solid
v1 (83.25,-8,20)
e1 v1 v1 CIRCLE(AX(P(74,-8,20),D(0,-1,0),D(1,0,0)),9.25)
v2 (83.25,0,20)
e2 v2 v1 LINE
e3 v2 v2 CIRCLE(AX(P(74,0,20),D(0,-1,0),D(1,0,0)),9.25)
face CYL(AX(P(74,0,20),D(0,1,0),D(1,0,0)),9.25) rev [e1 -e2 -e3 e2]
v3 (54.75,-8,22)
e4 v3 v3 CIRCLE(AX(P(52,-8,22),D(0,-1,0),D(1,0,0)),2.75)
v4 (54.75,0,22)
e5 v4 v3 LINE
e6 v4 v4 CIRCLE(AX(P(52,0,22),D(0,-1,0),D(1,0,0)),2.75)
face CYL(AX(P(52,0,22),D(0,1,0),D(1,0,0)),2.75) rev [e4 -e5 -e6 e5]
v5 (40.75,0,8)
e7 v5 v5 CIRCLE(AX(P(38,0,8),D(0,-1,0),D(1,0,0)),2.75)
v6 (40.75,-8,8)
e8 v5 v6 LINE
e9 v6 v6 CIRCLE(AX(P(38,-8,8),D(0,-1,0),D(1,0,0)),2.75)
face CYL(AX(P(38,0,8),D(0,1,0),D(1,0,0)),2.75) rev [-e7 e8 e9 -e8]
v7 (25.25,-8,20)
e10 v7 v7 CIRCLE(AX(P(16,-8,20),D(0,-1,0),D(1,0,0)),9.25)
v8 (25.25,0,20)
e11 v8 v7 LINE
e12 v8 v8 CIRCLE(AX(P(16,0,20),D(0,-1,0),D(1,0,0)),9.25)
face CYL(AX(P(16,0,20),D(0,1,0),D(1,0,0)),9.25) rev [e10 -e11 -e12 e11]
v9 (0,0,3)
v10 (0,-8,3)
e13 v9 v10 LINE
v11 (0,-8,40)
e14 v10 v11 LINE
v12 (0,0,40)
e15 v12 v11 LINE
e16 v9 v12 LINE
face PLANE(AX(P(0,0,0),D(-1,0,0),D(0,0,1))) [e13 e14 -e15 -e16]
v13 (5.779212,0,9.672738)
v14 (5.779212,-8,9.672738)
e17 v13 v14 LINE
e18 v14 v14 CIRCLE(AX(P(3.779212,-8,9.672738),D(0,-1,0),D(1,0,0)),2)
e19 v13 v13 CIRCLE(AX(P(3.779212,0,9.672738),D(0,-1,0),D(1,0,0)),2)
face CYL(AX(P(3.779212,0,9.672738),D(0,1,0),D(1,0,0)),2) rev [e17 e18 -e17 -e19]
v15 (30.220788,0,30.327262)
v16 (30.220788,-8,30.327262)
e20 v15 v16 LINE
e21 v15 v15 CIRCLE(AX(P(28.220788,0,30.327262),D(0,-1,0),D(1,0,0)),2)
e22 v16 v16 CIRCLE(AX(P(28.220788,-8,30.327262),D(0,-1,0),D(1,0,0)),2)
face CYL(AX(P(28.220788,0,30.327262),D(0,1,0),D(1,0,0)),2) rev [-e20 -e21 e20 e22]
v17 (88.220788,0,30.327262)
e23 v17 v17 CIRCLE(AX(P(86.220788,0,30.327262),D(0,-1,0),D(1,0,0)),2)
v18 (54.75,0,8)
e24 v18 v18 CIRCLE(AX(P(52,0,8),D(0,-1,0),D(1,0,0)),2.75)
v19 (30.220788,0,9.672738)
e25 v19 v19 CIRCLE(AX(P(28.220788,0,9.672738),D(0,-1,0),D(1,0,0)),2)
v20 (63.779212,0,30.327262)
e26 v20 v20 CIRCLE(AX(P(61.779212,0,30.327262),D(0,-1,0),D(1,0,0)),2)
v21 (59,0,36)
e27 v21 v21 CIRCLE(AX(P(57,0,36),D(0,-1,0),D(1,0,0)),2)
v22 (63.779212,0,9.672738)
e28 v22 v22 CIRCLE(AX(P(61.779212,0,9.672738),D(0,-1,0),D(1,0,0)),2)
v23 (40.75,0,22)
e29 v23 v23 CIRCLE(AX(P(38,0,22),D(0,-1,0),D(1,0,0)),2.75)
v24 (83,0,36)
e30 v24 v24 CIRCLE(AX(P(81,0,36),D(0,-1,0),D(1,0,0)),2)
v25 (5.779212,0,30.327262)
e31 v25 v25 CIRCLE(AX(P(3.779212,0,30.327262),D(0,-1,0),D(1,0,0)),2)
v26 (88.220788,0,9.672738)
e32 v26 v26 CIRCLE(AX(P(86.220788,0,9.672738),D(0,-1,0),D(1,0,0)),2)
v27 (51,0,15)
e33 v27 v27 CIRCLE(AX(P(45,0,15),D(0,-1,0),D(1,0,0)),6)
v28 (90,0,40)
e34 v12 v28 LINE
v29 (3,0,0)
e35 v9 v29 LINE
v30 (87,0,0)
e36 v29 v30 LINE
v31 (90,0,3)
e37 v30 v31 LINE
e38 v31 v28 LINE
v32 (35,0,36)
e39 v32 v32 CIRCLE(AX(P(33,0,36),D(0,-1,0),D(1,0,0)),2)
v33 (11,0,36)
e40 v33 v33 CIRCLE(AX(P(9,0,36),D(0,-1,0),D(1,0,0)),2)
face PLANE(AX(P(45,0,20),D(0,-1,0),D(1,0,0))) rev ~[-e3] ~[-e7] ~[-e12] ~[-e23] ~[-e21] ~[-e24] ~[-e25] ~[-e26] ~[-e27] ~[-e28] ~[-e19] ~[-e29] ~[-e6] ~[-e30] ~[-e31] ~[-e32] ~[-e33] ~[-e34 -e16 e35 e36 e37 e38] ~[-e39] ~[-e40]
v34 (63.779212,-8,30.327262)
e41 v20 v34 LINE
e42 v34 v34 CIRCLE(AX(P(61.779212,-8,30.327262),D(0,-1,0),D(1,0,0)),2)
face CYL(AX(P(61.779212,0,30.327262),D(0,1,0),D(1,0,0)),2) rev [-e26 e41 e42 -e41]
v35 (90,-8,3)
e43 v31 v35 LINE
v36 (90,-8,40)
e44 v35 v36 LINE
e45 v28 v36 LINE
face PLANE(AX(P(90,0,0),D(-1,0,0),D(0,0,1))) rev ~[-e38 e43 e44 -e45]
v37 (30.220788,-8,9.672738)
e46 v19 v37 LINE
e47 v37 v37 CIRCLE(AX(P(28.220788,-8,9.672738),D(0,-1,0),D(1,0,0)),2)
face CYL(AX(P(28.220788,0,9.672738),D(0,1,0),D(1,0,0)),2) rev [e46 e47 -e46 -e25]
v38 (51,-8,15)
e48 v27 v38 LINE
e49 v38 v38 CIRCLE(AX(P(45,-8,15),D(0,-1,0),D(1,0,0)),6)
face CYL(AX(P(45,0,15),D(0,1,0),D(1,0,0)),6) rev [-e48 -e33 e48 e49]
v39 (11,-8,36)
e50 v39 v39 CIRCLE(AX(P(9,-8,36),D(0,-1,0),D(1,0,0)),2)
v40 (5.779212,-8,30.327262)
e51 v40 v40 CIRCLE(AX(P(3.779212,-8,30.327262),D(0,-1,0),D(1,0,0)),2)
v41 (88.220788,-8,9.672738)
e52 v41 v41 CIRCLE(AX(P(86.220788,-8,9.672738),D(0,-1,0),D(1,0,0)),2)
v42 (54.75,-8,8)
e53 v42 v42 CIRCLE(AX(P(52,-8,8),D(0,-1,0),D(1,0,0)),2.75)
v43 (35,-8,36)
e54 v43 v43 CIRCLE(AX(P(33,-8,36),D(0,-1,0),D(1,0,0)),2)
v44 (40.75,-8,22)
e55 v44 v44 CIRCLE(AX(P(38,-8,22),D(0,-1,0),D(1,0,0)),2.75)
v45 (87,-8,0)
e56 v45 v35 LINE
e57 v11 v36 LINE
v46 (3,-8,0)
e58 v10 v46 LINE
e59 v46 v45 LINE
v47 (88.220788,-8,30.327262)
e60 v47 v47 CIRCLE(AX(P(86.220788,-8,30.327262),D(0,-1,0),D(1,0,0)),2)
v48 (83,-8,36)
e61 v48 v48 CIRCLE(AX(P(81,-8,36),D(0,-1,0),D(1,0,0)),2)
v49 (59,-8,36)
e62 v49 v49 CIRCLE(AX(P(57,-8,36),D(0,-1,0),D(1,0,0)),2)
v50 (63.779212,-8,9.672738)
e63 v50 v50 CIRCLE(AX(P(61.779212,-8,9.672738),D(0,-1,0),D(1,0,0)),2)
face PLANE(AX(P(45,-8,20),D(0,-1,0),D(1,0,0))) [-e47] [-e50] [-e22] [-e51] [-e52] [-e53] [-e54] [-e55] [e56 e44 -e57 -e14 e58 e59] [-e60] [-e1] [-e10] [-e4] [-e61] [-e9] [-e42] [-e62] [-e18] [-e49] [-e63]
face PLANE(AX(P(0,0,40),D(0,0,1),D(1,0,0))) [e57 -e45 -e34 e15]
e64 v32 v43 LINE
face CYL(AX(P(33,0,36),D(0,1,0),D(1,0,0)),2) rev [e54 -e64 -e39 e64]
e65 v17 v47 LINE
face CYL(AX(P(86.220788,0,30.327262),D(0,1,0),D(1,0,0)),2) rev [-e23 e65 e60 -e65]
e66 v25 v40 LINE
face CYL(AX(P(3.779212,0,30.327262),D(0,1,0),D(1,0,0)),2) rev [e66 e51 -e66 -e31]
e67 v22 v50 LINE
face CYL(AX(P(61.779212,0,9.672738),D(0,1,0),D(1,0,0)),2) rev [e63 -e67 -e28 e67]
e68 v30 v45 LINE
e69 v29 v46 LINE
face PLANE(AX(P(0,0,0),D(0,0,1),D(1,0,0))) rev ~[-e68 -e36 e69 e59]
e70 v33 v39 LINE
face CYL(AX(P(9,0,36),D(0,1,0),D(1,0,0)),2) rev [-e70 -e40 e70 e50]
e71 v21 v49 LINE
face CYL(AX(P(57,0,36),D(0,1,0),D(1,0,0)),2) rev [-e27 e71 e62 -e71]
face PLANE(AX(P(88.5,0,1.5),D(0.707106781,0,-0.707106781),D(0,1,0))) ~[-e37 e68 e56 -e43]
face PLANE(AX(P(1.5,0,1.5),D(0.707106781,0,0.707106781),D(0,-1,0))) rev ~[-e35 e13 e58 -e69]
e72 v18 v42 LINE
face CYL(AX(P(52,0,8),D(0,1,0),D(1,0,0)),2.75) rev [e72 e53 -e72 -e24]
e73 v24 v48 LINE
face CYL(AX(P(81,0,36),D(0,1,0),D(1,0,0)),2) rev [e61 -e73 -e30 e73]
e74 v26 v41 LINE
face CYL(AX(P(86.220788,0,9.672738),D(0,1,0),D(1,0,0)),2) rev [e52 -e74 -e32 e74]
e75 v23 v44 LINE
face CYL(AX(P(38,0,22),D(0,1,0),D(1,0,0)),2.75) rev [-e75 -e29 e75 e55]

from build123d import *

# Parameters (mm, degrees)
F0_W     = 90
F0_H     = 40
F0_R     = 2
F0_R_2   = 2.75
F0_R_3   = 6
F0_R_4   = 9.25
F1_DEPTH = 8
F2_SIZE  = 3


with BuildPart() as f1:
    # F0 (on Front) → F1 (new body)
    with BuildSketch(Plane.XZ):
        with Locations((45, 20)):
            Rectangle(F0_W, F0_H)
        with Locations((3.779212, 9.672738)):
            Circle(F0_R, mode=Mode.SUBTRACT)
        with Locations((28.220788, 9.672738)):
            Circle(F0_R, mode=Mode.SUBTRACT)
        with Locations((38, 8)):
            Circle(F0_R_2, mode=Mode.SUBTRACT)
        with Locations((52, 8)):
            Circle(F0_R_2, mode=Mode.SUBTRACT)
        with Locations((61.779212, 9.672738)):
            Circle(F0_R, mode=Mode.SUBTRACT)
        with Locations((86.220788, 9.672738)):
            Circle(F0_R, mode=Mode.SUBTRACT)
        with Locations((45, 15)):
            Circle(F0_R_3, mode=Mode.SUBTRACT)
        with Locations((16, 20)):
            Circle(F0_R_4, mode=Mode.SUBTRACT)
        with Locations((38, 22)):
            Circle(F0_R_2, mode=Mode.SUBTRACT)
        with Locations((3.779212, 30.327262)):
            Circle(F0_R, mode=Mode.SUBTRACT)
        with Locations((9, 36)):
            Circle(F0_R, mode=Mode.SUBTRACT)
        with Locations((28.220788, 30.327262)):
            Circle(F0_R, mode=Mode.SUBTRACT)
        with Locations((33, 36)):
            Circle(F0_R, mode=Mode.SUBTRACT)
        with Locations((52, 22)):
            Circle(F0_R_2, mode=Mode.SUBTRACT)
        with Locations((74, 20)):
            Circle(F0_R_4, mode=Mode.SUBTRACT)
        with Locations((61.779212, 30.327262)):
            Circle(F0_R, mode=Mode.SUBTRACT)
        with Locations((57, 36)):
            Circle(F0_R, mode=Mode.SUBTRACT)
        with Locations((86.220788, 30.327262)):
            Circle(F0_R, mode=Mode.SUBTRACT)
        with Locations((81, 36)):
            Circle(F0_R, mode=Mode.SUBTRACT)
    extrude(amount=F1_DEPTH)

    # F2
    f2_edges = [f1.edges().sort_by_distance(p)[0] for p in [
        (0, -4, 0),
        (90, -4, 0),
    ]]
    chamfer(f2_edges, length=F2_SIZE)


solid = f1.part
